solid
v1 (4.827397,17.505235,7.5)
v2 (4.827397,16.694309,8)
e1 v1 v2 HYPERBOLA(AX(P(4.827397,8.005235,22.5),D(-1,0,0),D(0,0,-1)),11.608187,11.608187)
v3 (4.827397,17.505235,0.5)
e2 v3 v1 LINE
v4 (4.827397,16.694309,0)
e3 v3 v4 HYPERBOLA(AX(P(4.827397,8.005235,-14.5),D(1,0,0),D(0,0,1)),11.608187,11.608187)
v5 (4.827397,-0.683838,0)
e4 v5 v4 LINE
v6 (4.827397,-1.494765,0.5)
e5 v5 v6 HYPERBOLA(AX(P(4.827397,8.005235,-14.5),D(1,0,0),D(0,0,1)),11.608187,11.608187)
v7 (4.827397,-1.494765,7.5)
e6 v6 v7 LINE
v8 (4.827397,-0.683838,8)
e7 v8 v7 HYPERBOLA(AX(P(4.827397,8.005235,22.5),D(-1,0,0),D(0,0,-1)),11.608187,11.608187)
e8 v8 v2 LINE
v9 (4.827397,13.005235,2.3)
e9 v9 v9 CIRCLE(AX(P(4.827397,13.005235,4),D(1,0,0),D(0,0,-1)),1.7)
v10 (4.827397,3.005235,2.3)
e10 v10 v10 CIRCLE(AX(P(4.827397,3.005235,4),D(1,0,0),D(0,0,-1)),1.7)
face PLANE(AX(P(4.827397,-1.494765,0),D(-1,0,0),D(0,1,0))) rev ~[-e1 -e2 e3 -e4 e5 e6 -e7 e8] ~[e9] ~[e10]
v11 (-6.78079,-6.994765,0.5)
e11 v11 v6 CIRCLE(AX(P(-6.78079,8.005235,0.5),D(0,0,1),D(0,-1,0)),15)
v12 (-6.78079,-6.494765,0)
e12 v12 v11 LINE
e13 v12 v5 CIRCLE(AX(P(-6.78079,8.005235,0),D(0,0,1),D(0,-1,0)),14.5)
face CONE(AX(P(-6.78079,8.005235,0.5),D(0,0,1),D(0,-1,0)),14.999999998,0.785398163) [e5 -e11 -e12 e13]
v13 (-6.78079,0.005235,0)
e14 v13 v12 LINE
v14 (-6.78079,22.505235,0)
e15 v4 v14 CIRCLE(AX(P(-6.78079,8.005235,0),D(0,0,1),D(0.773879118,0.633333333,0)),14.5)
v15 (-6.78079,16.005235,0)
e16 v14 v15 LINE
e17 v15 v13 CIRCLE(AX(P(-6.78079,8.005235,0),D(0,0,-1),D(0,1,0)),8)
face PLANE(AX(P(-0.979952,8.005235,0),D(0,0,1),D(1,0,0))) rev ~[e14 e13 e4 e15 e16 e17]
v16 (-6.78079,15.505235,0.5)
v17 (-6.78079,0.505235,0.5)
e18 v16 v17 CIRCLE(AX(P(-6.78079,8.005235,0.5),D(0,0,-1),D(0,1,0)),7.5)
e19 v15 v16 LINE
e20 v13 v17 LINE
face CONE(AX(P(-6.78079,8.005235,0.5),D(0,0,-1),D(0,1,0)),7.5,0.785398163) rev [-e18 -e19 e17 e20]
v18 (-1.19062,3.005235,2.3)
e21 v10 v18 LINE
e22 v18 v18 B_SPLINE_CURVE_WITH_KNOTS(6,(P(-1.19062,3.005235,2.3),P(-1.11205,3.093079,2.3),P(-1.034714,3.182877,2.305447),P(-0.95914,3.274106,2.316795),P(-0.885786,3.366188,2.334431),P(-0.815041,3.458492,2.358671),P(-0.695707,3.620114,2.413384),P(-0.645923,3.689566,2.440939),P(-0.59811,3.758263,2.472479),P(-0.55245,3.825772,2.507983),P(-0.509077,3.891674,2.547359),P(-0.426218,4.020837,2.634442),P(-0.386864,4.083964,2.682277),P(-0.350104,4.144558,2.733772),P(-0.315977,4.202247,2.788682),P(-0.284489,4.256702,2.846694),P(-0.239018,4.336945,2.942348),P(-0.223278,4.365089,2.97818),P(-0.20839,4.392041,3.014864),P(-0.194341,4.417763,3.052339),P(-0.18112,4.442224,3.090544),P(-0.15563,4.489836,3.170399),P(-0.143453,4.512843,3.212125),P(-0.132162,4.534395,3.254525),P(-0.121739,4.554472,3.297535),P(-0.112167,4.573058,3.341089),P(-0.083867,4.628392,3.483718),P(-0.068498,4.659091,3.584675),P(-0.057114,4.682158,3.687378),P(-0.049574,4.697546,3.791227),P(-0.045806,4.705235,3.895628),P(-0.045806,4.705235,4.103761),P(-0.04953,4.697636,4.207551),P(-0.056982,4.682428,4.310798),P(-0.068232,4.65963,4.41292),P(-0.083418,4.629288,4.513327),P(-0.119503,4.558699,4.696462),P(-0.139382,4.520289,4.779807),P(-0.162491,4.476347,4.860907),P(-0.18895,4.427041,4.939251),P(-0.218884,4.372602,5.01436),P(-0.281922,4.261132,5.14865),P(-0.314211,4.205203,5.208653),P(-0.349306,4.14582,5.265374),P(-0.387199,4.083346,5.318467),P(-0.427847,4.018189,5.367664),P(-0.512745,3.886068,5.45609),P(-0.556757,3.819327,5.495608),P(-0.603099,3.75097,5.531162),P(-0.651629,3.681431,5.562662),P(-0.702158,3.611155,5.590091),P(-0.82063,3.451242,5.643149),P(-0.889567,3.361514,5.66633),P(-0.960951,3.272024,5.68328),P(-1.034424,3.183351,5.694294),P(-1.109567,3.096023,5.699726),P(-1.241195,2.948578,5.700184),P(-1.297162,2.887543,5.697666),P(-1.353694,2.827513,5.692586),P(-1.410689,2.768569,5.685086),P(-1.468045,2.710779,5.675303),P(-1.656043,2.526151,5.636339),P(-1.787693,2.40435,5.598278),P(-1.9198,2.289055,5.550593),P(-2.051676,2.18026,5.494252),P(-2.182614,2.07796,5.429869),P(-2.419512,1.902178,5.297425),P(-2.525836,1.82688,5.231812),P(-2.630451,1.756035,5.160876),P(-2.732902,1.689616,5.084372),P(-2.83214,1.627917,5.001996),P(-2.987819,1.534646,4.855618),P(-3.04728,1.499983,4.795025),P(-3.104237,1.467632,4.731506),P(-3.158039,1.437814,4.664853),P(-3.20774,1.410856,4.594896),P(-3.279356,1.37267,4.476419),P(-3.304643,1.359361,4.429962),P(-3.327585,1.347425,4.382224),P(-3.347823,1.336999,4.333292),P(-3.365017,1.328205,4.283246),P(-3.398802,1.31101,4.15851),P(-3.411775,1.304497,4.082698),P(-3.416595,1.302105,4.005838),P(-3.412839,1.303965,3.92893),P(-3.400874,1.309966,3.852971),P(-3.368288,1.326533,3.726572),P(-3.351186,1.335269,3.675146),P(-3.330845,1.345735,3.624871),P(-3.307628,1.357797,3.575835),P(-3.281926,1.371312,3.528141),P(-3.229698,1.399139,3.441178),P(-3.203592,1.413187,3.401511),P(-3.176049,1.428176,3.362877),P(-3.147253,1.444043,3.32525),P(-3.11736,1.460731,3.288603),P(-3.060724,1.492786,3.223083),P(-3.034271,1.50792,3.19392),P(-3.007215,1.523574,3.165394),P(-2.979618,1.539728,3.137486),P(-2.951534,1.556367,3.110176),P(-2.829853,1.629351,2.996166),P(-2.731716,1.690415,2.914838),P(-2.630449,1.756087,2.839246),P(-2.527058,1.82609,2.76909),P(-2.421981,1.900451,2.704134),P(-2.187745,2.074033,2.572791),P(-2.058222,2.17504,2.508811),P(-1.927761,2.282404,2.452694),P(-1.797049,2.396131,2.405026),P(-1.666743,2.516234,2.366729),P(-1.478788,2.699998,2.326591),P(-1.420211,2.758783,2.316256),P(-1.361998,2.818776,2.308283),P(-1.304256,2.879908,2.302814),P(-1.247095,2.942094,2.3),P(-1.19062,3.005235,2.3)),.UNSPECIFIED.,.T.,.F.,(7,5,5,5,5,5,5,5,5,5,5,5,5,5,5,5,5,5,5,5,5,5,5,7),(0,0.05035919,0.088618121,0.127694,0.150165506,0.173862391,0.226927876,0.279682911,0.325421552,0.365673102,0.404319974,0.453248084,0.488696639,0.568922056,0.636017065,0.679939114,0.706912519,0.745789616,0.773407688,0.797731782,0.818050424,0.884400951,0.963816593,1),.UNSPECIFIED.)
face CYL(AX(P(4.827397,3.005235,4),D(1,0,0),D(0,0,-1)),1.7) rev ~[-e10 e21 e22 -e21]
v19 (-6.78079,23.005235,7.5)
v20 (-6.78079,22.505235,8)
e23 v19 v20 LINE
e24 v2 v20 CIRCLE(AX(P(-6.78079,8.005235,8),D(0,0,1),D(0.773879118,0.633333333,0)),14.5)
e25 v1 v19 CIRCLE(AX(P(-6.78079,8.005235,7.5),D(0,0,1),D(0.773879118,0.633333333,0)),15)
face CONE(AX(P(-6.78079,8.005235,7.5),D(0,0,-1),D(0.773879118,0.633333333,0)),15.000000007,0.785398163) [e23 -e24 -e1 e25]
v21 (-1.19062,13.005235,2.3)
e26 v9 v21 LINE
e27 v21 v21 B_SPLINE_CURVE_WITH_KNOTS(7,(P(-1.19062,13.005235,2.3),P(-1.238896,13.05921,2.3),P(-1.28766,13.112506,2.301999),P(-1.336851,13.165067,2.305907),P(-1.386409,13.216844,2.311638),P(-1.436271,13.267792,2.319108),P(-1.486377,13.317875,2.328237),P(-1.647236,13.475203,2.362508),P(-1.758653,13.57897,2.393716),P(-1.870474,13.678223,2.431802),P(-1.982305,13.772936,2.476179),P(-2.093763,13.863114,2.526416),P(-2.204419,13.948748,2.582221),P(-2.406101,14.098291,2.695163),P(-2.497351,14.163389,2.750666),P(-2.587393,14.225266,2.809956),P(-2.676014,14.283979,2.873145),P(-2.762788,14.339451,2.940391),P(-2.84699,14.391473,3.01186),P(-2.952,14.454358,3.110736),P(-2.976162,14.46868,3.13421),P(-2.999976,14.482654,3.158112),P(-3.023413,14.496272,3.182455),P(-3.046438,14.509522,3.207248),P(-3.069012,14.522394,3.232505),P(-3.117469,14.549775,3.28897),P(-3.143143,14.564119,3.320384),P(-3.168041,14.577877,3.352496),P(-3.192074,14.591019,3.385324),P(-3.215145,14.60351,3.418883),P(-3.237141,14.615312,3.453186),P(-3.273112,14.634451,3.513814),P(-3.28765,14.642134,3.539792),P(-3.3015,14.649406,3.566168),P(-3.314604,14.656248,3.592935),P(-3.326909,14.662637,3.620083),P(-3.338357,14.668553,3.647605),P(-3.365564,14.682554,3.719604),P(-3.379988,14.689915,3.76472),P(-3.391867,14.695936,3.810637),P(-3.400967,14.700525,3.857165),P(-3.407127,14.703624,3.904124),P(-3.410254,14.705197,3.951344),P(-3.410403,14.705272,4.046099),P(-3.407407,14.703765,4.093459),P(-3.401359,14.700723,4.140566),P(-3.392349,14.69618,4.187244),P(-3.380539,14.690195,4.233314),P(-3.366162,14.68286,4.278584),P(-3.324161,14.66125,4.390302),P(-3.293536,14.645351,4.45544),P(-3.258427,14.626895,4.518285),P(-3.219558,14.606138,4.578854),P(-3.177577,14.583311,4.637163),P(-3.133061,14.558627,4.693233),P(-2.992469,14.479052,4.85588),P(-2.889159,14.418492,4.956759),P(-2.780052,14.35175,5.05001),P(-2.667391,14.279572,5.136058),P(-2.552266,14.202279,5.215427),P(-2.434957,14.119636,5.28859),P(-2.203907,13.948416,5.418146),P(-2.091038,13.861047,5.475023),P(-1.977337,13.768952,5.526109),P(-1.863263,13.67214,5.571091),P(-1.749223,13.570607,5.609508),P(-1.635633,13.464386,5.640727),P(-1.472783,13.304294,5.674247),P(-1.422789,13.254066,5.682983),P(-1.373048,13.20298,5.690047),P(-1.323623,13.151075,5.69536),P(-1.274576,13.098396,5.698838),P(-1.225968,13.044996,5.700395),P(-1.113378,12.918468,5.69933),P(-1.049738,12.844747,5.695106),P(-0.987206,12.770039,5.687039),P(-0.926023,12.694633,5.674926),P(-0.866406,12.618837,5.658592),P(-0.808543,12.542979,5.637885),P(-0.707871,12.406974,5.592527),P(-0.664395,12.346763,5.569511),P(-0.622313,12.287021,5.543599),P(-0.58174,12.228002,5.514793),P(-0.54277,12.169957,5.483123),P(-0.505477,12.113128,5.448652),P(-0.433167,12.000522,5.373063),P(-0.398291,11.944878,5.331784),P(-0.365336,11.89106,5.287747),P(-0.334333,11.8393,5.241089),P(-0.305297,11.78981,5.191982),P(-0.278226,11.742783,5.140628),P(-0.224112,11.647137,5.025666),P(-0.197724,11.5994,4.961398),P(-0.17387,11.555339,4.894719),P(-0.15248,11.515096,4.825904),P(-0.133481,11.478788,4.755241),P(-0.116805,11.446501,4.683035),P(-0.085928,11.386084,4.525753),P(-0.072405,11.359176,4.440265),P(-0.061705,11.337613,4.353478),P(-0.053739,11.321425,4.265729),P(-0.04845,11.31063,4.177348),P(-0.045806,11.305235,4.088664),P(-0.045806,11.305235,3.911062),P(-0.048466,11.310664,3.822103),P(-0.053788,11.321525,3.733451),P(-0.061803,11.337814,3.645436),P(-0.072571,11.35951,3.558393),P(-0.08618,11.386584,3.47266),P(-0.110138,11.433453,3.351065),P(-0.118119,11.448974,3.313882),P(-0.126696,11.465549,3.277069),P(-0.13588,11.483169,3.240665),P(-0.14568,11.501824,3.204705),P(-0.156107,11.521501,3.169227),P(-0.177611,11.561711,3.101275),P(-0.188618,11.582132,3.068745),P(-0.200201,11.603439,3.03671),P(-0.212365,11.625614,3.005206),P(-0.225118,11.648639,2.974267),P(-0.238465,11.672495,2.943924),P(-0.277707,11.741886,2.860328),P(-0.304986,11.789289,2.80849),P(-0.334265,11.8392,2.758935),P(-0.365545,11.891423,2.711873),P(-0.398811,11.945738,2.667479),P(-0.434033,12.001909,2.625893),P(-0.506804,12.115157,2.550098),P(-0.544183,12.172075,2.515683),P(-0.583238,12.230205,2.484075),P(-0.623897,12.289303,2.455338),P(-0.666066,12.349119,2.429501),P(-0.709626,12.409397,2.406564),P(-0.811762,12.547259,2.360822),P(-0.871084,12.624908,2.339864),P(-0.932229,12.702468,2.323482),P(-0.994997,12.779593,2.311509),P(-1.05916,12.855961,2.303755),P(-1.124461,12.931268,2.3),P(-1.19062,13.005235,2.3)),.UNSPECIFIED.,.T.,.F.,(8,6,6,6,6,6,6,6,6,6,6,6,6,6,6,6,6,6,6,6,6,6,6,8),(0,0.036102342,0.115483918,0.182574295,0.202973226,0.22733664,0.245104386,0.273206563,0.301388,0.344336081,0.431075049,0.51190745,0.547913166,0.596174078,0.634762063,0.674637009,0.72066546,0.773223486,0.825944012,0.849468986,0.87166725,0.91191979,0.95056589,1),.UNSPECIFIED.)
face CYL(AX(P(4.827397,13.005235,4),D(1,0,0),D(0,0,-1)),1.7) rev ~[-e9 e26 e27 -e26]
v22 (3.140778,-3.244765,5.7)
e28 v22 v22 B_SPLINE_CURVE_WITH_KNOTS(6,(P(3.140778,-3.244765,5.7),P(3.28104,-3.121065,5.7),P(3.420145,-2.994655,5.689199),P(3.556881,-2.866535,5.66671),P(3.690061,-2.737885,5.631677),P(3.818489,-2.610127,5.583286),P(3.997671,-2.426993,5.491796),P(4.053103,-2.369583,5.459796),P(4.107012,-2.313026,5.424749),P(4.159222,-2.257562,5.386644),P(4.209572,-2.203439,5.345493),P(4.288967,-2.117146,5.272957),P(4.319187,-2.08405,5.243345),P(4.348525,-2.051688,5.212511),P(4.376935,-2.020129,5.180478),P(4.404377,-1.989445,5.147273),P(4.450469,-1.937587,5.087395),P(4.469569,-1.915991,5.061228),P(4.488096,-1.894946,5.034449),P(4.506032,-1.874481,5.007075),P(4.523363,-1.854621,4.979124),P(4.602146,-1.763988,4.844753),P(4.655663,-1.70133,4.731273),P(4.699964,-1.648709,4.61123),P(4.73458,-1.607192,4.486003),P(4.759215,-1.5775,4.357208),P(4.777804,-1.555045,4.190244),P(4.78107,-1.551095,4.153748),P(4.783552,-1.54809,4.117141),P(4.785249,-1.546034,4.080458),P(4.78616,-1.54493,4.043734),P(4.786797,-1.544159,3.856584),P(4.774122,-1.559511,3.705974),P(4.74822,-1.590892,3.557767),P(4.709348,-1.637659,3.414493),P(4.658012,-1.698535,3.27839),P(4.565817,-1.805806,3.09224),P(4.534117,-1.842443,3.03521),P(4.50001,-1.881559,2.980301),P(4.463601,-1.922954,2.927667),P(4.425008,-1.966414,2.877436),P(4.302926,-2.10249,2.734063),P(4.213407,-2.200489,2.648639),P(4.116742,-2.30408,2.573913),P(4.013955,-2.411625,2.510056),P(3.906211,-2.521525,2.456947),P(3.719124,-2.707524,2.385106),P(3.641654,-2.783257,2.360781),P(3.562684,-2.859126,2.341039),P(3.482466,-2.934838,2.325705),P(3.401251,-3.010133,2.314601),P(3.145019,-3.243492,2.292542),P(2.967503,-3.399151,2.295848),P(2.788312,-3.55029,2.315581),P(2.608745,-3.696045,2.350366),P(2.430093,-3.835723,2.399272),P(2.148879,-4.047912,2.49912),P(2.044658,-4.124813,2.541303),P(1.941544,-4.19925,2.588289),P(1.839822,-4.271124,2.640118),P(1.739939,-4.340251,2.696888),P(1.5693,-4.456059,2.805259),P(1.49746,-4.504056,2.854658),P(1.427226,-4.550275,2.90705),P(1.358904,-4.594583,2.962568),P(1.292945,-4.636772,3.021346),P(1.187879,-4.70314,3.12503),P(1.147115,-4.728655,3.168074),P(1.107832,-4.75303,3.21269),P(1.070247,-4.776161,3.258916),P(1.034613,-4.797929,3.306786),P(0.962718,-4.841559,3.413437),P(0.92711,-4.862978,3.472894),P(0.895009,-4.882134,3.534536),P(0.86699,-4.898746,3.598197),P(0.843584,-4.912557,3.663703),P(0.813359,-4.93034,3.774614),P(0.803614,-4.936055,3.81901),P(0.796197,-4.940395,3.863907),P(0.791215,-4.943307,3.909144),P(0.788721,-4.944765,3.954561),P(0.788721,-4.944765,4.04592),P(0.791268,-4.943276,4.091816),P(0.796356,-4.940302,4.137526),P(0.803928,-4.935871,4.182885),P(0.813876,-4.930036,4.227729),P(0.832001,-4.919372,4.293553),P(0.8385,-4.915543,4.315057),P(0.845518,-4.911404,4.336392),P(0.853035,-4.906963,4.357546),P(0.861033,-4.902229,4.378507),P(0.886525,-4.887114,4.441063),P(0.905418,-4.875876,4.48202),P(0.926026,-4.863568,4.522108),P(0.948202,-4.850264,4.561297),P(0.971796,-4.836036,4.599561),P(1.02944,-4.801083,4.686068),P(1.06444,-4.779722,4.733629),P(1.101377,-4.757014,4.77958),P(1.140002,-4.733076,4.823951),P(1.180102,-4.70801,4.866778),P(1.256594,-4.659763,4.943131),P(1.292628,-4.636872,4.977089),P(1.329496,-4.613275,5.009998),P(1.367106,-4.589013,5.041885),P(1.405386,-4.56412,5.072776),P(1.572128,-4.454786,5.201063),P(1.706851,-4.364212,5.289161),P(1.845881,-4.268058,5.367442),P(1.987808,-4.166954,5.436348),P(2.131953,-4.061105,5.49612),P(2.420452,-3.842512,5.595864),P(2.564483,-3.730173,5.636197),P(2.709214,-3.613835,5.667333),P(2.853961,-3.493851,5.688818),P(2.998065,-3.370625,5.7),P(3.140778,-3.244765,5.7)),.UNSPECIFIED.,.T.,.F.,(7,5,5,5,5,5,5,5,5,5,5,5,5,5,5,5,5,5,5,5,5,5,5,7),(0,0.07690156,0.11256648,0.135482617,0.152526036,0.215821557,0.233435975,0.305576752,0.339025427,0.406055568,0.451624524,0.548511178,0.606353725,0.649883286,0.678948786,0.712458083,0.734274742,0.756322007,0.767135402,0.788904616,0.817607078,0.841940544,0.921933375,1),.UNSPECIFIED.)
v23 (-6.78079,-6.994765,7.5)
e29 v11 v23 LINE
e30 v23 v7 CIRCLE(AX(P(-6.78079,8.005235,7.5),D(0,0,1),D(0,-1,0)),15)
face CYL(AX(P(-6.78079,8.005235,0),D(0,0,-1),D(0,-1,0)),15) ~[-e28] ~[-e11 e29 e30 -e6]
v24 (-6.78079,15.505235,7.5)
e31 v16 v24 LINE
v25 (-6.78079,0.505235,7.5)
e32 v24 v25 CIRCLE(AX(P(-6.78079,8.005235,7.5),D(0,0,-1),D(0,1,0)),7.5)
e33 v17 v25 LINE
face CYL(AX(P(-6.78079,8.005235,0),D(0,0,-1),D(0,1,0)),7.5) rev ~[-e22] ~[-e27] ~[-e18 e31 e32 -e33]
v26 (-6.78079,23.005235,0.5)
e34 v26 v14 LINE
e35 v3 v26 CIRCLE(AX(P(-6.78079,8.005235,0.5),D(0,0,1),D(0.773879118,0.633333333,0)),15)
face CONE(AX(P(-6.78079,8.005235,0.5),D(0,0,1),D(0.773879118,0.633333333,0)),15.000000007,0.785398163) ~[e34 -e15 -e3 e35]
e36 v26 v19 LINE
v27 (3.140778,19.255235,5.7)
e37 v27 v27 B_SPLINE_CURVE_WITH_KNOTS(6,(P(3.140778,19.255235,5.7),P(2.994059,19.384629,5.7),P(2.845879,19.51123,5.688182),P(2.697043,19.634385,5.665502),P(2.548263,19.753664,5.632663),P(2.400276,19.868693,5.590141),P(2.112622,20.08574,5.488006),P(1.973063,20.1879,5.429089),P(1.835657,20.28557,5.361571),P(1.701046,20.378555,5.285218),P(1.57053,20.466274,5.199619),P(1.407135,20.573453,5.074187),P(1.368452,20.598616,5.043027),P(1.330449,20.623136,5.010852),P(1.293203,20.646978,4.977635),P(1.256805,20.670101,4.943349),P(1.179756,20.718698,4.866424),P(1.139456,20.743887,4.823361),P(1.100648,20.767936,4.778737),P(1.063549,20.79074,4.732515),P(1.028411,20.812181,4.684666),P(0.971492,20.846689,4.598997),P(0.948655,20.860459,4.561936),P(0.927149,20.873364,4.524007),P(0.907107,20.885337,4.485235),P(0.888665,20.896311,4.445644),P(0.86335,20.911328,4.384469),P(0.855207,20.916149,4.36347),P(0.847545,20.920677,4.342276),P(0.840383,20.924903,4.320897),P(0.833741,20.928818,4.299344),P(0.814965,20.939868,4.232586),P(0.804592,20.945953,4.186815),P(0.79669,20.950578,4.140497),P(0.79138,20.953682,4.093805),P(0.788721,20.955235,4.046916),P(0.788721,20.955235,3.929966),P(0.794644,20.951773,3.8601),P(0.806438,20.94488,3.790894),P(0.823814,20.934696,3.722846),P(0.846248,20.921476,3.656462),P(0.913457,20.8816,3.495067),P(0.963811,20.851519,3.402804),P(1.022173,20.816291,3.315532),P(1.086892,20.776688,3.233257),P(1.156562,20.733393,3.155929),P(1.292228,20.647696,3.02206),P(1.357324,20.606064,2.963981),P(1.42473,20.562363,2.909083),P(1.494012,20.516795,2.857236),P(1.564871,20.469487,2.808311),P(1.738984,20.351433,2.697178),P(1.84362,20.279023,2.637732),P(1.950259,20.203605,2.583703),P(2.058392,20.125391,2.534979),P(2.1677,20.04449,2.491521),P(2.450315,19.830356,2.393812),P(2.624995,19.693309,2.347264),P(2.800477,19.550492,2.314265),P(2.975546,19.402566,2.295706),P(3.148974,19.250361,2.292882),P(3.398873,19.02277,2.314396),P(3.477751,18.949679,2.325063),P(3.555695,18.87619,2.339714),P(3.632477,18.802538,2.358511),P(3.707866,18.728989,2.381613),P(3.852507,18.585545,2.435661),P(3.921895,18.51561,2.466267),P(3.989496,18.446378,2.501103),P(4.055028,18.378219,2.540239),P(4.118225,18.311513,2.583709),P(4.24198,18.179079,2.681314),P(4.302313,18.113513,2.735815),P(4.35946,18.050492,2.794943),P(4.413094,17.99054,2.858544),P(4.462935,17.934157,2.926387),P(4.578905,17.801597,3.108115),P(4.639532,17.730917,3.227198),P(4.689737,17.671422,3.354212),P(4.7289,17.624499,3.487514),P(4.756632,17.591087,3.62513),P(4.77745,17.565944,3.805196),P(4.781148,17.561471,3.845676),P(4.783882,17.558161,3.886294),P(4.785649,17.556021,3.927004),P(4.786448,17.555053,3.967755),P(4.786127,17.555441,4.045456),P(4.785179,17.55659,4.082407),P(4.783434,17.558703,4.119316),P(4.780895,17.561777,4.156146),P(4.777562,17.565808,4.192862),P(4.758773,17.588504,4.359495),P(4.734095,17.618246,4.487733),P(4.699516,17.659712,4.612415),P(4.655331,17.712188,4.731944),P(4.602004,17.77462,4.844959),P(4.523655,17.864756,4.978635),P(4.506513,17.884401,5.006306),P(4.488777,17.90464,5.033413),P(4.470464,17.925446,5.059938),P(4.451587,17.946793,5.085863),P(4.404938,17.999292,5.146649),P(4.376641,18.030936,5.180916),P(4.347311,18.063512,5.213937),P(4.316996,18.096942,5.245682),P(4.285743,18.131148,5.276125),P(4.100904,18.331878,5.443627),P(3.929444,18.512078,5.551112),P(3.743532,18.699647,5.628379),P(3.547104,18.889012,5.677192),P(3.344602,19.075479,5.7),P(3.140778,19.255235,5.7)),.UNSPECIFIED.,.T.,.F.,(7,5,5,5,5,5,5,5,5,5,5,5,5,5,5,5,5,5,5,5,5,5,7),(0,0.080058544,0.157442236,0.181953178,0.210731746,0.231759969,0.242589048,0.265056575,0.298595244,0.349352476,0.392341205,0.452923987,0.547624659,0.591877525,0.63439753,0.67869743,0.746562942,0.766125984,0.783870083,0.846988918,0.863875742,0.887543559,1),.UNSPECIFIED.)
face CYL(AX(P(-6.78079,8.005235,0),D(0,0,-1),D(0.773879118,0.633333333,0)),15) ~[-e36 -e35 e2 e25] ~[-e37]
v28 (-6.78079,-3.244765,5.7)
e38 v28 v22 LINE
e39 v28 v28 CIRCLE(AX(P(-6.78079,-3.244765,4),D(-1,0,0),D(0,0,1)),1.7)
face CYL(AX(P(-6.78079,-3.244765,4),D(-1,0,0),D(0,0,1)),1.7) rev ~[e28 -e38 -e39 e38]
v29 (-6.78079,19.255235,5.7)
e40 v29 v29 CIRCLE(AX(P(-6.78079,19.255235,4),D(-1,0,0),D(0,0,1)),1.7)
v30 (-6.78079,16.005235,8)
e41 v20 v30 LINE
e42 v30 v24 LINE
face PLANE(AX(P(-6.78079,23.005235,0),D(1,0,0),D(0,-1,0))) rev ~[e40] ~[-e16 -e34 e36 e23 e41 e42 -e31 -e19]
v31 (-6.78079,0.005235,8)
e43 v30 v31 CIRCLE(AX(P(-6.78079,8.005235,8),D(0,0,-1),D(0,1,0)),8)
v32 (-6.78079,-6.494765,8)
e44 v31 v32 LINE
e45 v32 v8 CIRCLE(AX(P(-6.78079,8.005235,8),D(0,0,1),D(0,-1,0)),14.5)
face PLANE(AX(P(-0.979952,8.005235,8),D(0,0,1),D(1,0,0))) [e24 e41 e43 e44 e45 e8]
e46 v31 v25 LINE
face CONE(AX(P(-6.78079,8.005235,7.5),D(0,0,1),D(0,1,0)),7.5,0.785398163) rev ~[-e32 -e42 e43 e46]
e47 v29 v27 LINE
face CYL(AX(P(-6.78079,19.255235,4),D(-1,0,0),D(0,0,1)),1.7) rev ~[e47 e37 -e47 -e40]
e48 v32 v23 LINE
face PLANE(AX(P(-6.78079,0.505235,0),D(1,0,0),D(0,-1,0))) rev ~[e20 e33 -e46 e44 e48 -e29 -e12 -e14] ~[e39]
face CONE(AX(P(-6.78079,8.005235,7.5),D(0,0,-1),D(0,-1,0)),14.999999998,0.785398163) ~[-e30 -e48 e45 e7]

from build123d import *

# Parameters (mm, degrees)
EXTRUDE_1_DEPTH     = 8
SKETCH_2_R          = 1.7
CUT_EXTRUDE_2_DEPTH = 15
SKETCH_3_R          = 1.7
CUT_EXTRUDE_4_DEPTH = 15
CHAMFER_1_SIZE      = 0.5
SKETCH_4_R          = 1.7
CUT_EXTRUDE_5_DEPTH = 10


with BuildPart() as part:
    # 草图1 → 凸台-拉伸1 (new body)
    with BuildSketch(Plane.XY):
        with BuildLine():
            Line((-6.780789716, 23.005235362), (-6.780789716, 15.505235362))
            ThreePointArc((-6.780789716, 15.505235362), (0.719210284, 8.005235362), (-6.780789716, 0.505235362))
            Line((-6.780789716, 0.505235362), (-6.780789716, -6.994764638))
            ThreePointArc((-6.780789716, -6.994764638), (-0.358173427, -5.55020635), (4.82739705, -1.494764638))
            Line((4.82739705, -1.494764638), (4.82739705, 17.505235362))
            ThreePointArc((4.82739705, 17.505235362), (-0.358173427, 21.560677073), (-6.780789716, 23.005235362))
        make_face()
    extrude(amount=EXTRUDE_1_DEPTH)

    # 草图2 → 切除-拉伸2 (cut)
    with BuildSketch(Plane.ZY.offset(6.780789716)):
        with Locations((4, 19.255235362)):
            Circle(SKETCH_2_R)
    extrude(amount=-CUT_EXTRUDE_2_DEPTH, mode=Mode.SUBTRACT)

    # 草图3 → 切除-拉伸4 (cut)
    with BuildSketch(Plane.ZY.offset(6.780789716)):
        with Locations((4, -3.244764638)):
            Circle(SKETCH_3_R)
    extrude(amount=-CUT_EXTRUDE_4_DEPTH, mode=Mode.SUBTRACT)

    # 倒角1
    chamfer_1_edges = [part.edges().sort_by_distance(p)[0] for p in [
        (-0.358173427, -5.55020635, 8),
        (-0.358173427, 21.560677073, 8),
        (0.719210284, 8.005235362, 8),
        (-0.358173427, 21.560677073, 0),
        (-0.358173427, -5.55020635, 0),
        (0.719210284, 8.005235362, 0),
    ]]
    chamfer(chamfer_1_edges, length=CHAMFER_1_SIZE)

    # 草图4 → 切除-拉伸5 (cut)
    with BuildSketch(Plane(origin=(4.82739705, 0, 0), x_dir=(0, 0, -1), z_dir=(1, 0, 0))):
        with Locations((-4, 13.005235362)):
            Circle(SKETCH_4_R)
        with Locations((-4, 3.005235362)):
            Circle(SKETCH_4_R)
    extrude(amount=-CUT_EXTRUDE_5_DEPTH, mode=Mode.SUBTRACT)


solid = part.part
